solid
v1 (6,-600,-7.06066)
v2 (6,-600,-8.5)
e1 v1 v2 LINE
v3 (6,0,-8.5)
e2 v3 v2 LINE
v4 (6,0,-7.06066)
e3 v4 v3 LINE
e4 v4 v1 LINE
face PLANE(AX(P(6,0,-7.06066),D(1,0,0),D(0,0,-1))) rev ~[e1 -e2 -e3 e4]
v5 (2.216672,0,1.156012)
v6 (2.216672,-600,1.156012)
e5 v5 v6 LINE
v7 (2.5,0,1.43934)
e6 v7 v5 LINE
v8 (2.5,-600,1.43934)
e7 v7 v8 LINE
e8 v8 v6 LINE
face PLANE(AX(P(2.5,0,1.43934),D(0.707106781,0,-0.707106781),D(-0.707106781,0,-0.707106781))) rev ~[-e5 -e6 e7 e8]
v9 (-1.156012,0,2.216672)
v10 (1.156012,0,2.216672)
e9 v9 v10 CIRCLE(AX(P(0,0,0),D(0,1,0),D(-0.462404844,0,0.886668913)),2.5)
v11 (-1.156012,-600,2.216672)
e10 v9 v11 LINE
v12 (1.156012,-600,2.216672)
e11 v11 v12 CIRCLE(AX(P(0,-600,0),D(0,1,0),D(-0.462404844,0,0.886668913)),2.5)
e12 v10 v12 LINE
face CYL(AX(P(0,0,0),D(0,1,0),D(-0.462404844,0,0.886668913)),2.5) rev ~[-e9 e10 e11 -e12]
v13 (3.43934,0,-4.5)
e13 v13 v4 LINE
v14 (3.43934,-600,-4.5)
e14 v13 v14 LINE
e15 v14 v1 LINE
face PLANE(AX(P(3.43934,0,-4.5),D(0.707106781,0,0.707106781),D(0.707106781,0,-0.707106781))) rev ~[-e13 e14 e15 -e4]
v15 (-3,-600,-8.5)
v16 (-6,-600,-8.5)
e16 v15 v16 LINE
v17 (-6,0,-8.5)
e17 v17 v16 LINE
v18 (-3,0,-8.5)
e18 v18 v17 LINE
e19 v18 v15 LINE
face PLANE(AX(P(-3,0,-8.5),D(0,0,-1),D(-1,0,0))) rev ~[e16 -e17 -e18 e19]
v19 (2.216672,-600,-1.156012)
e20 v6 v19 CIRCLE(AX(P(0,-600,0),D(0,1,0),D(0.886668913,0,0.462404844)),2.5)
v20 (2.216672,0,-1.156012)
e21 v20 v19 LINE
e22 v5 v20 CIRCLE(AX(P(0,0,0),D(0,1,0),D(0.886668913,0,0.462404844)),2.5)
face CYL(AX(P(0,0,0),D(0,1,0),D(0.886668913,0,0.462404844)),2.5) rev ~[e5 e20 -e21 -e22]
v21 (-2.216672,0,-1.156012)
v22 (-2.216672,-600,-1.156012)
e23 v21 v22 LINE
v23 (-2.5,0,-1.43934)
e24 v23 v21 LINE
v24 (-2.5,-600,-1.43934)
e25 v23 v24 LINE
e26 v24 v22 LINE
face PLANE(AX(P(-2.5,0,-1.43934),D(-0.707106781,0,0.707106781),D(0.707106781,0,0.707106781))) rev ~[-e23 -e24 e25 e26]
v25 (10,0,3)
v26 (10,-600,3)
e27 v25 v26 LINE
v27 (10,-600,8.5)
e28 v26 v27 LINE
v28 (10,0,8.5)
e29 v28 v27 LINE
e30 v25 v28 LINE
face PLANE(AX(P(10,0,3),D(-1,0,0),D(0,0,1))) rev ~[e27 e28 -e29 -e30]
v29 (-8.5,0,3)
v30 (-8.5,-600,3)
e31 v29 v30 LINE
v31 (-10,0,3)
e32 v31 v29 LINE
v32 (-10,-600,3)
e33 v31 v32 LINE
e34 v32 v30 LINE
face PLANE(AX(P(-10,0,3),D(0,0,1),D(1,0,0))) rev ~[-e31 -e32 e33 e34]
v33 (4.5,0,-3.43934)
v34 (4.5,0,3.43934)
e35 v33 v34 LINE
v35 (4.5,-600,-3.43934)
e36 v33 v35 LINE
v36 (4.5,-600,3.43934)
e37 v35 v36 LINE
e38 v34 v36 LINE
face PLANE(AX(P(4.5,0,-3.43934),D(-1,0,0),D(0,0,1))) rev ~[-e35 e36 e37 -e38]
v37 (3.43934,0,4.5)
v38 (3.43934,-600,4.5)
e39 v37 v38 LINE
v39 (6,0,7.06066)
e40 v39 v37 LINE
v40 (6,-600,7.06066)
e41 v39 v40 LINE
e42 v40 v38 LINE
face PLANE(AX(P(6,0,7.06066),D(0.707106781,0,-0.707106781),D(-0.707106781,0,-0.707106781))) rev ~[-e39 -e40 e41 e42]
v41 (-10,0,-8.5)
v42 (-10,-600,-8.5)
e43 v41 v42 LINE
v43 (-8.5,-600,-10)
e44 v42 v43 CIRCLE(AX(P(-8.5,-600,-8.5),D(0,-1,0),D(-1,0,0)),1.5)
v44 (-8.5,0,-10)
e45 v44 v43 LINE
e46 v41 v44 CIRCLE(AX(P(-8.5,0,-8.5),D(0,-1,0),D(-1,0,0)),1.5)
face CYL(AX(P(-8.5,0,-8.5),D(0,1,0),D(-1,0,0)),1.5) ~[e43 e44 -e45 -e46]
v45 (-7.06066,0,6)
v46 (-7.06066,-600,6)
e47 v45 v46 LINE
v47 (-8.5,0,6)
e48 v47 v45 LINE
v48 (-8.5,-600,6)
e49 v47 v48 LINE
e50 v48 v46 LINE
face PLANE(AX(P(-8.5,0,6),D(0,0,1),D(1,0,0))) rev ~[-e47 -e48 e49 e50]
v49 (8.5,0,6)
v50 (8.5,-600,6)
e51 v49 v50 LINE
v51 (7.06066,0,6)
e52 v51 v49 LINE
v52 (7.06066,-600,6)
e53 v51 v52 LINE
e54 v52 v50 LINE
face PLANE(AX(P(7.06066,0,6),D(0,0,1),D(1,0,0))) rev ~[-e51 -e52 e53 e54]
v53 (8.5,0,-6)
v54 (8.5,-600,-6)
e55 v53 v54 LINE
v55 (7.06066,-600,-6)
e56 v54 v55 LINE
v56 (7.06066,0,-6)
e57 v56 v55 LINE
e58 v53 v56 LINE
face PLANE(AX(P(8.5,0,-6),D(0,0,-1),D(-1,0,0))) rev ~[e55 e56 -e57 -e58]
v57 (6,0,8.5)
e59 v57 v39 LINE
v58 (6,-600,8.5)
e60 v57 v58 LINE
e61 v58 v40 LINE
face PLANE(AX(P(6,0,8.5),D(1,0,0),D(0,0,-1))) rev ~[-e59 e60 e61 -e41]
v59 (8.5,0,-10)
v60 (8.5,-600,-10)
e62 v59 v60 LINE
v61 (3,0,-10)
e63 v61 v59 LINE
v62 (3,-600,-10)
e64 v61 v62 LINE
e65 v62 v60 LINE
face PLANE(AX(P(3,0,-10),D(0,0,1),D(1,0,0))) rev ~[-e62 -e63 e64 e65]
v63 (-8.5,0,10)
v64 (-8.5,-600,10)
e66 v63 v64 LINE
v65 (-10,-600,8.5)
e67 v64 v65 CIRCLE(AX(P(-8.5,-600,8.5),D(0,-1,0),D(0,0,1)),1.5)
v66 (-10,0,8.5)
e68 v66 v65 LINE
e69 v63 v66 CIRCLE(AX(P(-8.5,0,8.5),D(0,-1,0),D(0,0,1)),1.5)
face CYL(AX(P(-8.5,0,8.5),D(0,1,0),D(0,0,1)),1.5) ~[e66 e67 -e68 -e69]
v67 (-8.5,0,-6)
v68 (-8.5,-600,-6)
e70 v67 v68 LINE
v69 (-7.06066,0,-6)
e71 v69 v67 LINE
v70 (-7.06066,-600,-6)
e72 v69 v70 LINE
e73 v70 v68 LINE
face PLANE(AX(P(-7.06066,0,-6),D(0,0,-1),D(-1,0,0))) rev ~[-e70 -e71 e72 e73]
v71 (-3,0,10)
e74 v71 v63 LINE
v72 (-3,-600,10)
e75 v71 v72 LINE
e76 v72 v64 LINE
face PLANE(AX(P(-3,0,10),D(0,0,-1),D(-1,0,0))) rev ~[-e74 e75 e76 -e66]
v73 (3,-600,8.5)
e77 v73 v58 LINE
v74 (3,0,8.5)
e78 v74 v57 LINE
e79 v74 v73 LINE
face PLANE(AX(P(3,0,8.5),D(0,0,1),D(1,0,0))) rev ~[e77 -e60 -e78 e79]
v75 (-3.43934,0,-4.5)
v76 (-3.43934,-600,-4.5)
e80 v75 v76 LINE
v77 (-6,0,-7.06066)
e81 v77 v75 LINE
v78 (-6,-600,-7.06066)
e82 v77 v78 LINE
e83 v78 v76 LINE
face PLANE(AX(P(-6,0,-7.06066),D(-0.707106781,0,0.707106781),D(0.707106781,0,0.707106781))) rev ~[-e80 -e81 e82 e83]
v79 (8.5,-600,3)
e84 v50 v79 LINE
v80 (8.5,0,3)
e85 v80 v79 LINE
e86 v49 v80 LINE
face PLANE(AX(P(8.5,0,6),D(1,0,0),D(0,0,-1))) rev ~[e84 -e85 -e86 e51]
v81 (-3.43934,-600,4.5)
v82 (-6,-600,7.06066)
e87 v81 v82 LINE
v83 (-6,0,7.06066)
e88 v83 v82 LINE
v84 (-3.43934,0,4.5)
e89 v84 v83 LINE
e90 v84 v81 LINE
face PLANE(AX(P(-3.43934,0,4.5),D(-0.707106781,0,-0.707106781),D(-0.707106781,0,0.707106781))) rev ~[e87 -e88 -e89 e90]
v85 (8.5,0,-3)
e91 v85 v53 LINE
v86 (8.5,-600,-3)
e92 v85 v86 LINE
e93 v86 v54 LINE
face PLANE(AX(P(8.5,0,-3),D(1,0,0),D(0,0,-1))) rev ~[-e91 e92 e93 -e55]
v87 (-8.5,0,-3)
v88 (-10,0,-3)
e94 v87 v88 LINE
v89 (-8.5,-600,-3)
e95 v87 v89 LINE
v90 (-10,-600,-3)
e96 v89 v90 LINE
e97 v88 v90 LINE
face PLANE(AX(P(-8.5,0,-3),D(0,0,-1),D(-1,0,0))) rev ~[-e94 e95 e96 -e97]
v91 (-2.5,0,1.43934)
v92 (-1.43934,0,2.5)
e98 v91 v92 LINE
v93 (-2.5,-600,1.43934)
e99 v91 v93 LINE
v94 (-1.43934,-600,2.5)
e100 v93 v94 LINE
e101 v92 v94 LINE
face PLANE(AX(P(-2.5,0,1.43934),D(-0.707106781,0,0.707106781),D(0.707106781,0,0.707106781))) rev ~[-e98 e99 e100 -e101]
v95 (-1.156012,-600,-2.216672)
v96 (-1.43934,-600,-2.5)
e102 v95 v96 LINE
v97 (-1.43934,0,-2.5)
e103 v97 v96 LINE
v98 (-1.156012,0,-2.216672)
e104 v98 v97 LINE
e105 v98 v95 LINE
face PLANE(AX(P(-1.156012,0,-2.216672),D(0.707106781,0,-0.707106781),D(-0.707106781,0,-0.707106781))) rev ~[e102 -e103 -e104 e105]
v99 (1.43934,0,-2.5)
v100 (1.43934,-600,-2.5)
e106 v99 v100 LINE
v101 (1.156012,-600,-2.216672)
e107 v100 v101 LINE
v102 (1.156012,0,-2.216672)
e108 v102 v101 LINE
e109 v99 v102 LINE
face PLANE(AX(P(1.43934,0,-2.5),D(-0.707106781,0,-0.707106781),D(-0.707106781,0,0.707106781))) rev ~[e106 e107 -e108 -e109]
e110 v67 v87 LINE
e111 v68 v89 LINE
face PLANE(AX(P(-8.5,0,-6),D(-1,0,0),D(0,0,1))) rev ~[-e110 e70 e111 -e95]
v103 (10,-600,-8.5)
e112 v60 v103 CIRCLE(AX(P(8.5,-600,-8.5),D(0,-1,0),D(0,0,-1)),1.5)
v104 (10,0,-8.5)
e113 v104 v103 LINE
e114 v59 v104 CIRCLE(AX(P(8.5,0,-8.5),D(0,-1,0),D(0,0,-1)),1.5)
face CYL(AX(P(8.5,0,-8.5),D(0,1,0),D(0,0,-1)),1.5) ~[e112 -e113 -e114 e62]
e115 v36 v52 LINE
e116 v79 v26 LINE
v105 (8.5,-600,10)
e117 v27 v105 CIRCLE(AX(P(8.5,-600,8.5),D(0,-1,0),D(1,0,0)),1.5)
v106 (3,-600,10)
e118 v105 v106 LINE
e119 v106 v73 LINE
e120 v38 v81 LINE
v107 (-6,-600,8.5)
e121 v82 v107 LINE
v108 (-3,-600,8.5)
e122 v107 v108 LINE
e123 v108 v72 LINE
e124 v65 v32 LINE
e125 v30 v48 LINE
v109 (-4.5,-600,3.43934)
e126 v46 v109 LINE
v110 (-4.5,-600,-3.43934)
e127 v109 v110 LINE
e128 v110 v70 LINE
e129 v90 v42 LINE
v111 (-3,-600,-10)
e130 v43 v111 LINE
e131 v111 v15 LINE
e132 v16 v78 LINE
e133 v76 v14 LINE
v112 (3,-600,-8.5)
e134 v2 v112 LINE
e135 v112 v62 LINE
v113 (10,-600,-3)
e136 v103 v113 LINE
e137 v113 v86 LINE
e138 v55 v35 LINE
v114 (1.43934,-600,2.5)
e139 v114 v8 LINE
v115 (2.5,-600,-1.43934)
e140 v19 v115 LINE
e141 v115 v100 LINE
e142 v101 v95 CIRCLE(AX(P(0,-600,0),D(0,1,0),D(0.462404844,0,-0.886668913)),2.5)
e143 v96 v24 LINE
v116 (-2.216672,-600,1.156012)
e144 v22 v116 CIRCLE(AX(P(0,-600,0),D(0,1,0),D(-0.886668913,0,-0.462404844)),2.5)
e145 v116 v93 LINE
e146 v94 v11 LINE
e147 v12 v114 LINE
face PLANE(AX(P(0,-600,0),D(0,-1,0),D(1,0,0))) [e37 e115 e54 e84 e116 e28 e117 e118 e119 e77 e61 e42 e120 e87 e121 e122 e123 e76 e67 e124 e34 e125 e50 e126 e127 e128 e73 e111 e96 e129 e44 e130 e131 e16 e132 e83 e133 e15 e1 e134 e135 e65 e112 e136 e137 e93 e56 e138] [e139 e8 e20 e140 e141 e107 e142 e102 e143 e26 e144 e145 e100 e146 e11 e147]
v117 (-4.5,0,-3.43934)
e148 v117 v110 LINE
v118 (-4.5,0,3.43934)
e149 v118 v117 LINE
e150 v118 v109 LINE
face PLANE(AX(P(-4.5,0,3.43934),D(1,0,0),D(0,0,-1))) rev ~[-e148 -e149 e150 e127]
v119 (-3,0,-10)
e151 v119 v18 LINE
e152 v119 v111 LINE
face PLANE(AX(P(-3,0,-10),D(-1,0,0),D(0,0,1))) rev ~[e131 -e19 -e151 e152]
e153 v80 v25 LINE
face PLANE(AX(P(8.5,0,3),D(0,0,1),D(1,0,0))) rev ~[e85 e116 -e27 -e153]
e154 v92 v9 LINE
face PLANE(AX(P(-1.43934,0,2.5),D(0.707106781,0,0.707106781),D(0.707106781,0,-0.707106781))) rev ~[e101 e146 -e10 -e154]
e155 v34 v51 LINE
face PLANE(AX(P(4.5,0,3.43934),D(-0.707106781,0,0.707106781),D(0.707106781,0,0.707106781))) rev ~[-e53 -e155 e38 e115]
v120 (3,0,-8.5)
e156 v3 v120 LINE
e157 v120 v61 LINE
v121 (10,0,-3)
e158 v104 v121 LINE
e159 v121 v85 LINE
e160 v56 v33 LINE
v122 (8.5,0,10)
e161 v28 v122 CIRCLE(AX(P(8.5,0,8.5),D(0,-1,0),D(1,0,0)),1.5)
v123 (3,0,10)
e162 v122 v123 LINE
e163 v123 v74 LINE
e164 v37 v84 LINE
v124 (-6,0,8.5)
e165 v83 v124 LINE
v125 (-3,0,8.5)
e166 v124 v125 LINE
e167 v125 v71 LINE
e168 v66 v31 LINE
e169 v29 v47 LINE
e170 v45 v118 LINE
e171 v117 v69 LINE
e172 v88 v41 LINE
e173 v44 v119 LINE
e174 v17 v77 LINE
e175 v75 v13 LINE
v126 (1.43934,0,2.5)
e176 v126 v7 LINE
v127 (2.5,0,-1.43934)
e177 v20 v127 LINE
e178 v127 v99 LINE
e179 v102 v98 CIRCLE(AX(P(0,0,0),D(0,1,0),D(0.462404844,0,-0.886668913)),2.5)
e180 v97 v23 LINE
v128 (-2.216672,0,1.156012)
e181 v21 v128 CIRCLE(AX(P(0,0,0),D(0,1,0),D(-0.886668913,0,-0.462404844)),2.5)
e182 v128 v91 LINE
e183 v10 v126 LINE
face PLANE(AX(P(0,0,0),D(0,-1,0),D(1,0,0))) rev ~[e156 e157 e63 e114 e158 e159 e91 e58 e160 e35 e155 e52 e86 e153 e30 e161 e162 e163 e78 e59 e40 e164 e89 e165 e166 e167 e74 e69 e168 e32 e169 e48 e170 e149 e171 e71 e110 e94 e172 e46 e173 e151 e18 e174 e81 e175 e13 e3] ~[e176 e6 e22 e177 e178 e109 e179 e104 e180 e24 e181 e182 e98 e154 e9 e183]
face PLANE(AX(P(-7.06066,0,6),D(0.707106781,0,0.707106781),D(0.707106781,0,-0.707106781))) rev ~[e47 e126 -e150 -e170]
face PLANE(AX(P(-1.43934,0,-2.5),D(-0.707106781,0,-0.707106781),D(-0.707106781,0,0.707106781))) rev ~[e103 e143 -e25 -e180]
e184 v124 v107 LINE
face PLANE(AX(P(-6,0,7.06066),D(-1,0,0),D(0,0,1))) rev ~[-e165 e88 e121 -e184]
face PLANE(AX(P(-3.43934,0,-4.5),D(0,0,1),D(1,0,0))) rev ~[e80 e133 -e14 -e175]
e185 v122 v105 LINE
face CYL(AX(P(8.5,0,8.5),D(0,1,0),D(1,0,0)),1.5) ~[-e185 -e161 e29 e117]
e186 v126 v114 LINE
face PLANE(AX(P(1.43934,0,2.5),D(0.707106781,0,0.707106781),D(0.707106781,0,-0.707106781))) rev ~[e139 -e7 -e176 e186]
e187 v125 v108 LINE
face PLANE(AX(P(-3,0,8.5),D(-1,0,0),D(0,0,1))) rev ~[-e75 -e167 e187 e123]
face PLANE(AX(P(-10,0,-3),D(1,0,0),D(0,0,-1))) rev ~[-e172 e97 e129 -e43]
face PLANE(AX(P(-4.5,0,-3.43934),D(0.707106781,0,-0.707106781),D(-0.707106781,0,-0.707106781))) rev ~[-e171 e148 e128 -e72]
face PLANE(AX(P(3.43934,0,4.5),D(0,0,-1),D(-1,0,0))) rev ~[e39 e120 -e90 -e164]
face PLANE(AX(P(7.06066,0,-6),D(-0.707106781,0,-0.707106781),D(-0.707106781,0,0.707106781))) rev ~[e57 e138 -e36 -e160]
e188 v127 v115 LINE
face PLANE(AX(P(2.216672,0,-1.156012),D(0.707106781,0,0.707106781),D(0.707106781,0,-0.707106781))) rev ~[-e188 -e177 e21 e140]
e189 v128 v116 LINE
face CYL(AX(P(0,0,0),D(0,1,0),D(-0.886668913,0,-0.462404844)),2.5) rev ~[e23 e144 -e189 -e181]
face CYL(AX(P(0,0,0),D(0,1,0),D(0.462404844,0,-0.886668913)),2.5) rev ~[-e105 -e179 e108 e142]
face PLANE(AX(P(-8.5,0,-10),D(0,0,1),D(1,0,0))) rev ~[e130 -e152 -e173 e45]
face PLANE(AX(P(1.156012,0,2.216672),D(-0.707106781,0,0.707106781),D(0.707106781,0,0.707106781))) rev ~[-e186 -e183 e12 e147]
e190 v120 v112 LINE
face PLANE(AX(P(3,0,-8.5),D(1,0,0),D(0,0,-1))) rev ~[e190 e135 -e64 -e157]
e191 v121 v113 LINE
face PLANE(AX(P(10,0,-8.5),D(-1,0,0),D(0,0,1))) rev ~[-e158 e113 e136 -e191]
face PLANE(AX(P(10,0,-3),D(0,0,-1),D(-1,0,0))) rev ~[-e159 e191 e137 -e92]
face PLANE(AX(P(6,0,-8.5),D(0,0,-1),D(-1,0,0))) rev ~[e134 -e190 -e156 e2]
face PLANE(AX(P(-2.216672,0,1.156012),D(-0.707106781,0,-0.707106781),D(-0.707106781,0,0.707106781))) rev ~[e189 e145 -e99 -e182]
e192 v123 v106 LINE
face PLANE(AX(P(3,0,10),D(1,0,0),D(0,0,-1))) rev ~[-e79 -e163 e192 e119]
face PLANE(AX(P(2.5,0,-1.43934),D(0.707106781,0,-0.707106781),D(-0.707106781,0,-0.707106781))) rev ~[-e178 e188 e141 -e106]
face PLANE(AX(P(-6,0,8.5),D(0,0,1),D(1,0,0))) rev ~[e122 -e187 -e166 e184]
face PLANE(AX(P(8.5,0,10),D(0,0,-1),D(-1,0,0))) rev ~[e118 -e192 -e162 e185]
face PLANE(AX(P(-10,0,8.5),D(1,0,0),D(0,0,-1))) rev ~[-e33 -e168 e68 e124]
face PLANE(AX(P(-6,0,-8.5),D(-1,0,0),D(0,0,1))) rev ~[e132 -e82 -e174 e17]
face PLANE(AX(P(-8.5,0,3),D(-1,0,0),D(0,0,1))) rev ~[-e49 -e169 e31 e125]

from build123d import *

# Parameters (mm, degrees)
F1_DEPTH = 600


with BuildPart() as f1:
    # F0 (on Front) → F1 (new body)
    with BuildSketch(Plane.XZ):
        with BuildLine():
            Line((3, -10), (8.5, -10))
            ThreePointArc((8.5, -10), (9.5606601718, -9.5606601718), (10, -8.5))
            Line((10, -8.5), (10, -3))
            Line((10, -3), (8.5, -3))
            Line((8.5, -3), (8.5, -6))
            Line((8.5, -6), (7.0606601718, -6))
            Line((7.0606601718, -6), (4.5, -3.4393398282))
            Line((4.5, -3.4393398282), (4.5, 3.4393398282))
            Line((4.5, 3.4393398282), (7.0606601718, 6))
            Line((7.0606601718, 6), (8.5, 6))
            Line((8.5, 6), (8.5, 3))
            Line((8.5, 3), (10, 3))
            Line((10, 3), (10, 8.5))
            ThreePointArc((10, 8.5), (9.5606601718, 9.5606601718), (8.5, 10))
            Line((8.5, 10), (3, 10))
            Line((3, 10), (3, 8.5))
            Line((3, 8.5), (6, 8.5))
            Line((6, 8.5), (6, 7.0606601718))
            Line((6, 7.0606601718), (3.4393398282, 4.5))
            Line((3.4393398282, 4.5), (-3.4393398282, 4.5))
            Line((-3.4393398282, 4.5), (-6, 7.0606601718))
            Line((-6, 7.0606601718), (-6, 8.5))
            Line((-6, 8.5), (-3, 8.5))
            Line((-3, 8.5), (-3, 10))
            Line((-3, 10), (-8.5, 10))
            ThreePointArc((-8.5, 10), (-9.5606601718, 9.5606601718), (-10, 8.5))
            Line((-10, 8.5), (-10, 3))
            Line((-10, 3), (-8.5, 3))
            Line((-8.5, 3), (-8.5, 6))
            Line((-8.5, 6), (-7.0606601718, 6))
            Line((-7.0606601718, 6), (-4.5, 3.4393398282))
            Line((-4.5, 3.4393398282), (-4.5, -3.4393398282))
            Line((-4.5, -3.4393398282), (-7.0606601718, -6))
            Line((-7.0606601718, -6), (-8.5, -6))
            Line((-8.5, -6), (-8.5, -3))
            Line((-8.5, -3), (-10, -3))
            Line((-10, -3), (-10, -8.5))
            ThreePointArc((-10, -8.5), (-9.5606601718, -9.5606601718), (-8.5, -10))
            Line((-8.5, -10), (-3, -10))
            Line((-3, -10), (-3, -8.5))
            Line((-3, -8.5), (-6, -8.5))
            Line((-6, -8.5), (-6, -7.0606601718))
            Line((-6, -7.0606601718), (-3.4393398282, -4.5))
            Line((-3.4393398282, -4.5), (3.4393398282, -4.5))
            Line((3.4393398282, -4.5), (6, -7.0606601718))
            Line((6, -7.0606601718), (6, -8.5))
            Line((6, -8.5), (3, -8.5))
            Line((3, -8.5), (3, -10))
        make_face()
        with BuildLine():
            ThreePointArc((-1.1560121095, 2.2166722813), (0, 2.5), (1.1560121095, 2.2166722813))
            Line((1.1560121095, 2.2166722813), (1.4393398282, 2.5))
            Line((1.4393398282, 2.5), (2.5, 1.4393398282))
            Line((2.5, 1.4393398282), (2.2166722813, 1.1560121095))
            ThreePointArc((2.2166722813, 1.1560121095), (2.5, 0), (2.2166722813, -1.1560121095))
            Line((2.2166722813, -1.1560121095), (2.5, -1.4393398282))
            Line((2.5, -1.4393398282), (1.4393398282, -2.5))
            Line((1.4393398282, -2.5), (1.1560121095, -2.2166722813))
            ThreePointArc((1.1560121095, -2.2166722813), (0, -2.5), (-1.1560121095, -2.2166722813))
            Line((-1.1560121095, -2.2166722813), (-1.4393398282, -2.5))
            Line((-1.4393398282, -2.5), (-2.5, -1.4393398282))
            Line((-2.5, -1.4393398282), (-2.2166722813, -1.1560121095))
            ThreePointArc((-2.2166722813, -1.1560121095), (-2.5, 0), (-2.2166722813, 1.1560121095))
            Line((-2.2166722813, 1.1560121095), (-2.5, 1.4393398282))
            Line((-2.5, 1.4393398282), (-1.4393398282, 2.5))
            Line((-1.4393398282, 2.5), (-1.1560121095, 2.2166722813))
        make_face(mode=Mode.SUBTRACT)
    extrude(amount=F1_DEPTH)


solid = f1.part
